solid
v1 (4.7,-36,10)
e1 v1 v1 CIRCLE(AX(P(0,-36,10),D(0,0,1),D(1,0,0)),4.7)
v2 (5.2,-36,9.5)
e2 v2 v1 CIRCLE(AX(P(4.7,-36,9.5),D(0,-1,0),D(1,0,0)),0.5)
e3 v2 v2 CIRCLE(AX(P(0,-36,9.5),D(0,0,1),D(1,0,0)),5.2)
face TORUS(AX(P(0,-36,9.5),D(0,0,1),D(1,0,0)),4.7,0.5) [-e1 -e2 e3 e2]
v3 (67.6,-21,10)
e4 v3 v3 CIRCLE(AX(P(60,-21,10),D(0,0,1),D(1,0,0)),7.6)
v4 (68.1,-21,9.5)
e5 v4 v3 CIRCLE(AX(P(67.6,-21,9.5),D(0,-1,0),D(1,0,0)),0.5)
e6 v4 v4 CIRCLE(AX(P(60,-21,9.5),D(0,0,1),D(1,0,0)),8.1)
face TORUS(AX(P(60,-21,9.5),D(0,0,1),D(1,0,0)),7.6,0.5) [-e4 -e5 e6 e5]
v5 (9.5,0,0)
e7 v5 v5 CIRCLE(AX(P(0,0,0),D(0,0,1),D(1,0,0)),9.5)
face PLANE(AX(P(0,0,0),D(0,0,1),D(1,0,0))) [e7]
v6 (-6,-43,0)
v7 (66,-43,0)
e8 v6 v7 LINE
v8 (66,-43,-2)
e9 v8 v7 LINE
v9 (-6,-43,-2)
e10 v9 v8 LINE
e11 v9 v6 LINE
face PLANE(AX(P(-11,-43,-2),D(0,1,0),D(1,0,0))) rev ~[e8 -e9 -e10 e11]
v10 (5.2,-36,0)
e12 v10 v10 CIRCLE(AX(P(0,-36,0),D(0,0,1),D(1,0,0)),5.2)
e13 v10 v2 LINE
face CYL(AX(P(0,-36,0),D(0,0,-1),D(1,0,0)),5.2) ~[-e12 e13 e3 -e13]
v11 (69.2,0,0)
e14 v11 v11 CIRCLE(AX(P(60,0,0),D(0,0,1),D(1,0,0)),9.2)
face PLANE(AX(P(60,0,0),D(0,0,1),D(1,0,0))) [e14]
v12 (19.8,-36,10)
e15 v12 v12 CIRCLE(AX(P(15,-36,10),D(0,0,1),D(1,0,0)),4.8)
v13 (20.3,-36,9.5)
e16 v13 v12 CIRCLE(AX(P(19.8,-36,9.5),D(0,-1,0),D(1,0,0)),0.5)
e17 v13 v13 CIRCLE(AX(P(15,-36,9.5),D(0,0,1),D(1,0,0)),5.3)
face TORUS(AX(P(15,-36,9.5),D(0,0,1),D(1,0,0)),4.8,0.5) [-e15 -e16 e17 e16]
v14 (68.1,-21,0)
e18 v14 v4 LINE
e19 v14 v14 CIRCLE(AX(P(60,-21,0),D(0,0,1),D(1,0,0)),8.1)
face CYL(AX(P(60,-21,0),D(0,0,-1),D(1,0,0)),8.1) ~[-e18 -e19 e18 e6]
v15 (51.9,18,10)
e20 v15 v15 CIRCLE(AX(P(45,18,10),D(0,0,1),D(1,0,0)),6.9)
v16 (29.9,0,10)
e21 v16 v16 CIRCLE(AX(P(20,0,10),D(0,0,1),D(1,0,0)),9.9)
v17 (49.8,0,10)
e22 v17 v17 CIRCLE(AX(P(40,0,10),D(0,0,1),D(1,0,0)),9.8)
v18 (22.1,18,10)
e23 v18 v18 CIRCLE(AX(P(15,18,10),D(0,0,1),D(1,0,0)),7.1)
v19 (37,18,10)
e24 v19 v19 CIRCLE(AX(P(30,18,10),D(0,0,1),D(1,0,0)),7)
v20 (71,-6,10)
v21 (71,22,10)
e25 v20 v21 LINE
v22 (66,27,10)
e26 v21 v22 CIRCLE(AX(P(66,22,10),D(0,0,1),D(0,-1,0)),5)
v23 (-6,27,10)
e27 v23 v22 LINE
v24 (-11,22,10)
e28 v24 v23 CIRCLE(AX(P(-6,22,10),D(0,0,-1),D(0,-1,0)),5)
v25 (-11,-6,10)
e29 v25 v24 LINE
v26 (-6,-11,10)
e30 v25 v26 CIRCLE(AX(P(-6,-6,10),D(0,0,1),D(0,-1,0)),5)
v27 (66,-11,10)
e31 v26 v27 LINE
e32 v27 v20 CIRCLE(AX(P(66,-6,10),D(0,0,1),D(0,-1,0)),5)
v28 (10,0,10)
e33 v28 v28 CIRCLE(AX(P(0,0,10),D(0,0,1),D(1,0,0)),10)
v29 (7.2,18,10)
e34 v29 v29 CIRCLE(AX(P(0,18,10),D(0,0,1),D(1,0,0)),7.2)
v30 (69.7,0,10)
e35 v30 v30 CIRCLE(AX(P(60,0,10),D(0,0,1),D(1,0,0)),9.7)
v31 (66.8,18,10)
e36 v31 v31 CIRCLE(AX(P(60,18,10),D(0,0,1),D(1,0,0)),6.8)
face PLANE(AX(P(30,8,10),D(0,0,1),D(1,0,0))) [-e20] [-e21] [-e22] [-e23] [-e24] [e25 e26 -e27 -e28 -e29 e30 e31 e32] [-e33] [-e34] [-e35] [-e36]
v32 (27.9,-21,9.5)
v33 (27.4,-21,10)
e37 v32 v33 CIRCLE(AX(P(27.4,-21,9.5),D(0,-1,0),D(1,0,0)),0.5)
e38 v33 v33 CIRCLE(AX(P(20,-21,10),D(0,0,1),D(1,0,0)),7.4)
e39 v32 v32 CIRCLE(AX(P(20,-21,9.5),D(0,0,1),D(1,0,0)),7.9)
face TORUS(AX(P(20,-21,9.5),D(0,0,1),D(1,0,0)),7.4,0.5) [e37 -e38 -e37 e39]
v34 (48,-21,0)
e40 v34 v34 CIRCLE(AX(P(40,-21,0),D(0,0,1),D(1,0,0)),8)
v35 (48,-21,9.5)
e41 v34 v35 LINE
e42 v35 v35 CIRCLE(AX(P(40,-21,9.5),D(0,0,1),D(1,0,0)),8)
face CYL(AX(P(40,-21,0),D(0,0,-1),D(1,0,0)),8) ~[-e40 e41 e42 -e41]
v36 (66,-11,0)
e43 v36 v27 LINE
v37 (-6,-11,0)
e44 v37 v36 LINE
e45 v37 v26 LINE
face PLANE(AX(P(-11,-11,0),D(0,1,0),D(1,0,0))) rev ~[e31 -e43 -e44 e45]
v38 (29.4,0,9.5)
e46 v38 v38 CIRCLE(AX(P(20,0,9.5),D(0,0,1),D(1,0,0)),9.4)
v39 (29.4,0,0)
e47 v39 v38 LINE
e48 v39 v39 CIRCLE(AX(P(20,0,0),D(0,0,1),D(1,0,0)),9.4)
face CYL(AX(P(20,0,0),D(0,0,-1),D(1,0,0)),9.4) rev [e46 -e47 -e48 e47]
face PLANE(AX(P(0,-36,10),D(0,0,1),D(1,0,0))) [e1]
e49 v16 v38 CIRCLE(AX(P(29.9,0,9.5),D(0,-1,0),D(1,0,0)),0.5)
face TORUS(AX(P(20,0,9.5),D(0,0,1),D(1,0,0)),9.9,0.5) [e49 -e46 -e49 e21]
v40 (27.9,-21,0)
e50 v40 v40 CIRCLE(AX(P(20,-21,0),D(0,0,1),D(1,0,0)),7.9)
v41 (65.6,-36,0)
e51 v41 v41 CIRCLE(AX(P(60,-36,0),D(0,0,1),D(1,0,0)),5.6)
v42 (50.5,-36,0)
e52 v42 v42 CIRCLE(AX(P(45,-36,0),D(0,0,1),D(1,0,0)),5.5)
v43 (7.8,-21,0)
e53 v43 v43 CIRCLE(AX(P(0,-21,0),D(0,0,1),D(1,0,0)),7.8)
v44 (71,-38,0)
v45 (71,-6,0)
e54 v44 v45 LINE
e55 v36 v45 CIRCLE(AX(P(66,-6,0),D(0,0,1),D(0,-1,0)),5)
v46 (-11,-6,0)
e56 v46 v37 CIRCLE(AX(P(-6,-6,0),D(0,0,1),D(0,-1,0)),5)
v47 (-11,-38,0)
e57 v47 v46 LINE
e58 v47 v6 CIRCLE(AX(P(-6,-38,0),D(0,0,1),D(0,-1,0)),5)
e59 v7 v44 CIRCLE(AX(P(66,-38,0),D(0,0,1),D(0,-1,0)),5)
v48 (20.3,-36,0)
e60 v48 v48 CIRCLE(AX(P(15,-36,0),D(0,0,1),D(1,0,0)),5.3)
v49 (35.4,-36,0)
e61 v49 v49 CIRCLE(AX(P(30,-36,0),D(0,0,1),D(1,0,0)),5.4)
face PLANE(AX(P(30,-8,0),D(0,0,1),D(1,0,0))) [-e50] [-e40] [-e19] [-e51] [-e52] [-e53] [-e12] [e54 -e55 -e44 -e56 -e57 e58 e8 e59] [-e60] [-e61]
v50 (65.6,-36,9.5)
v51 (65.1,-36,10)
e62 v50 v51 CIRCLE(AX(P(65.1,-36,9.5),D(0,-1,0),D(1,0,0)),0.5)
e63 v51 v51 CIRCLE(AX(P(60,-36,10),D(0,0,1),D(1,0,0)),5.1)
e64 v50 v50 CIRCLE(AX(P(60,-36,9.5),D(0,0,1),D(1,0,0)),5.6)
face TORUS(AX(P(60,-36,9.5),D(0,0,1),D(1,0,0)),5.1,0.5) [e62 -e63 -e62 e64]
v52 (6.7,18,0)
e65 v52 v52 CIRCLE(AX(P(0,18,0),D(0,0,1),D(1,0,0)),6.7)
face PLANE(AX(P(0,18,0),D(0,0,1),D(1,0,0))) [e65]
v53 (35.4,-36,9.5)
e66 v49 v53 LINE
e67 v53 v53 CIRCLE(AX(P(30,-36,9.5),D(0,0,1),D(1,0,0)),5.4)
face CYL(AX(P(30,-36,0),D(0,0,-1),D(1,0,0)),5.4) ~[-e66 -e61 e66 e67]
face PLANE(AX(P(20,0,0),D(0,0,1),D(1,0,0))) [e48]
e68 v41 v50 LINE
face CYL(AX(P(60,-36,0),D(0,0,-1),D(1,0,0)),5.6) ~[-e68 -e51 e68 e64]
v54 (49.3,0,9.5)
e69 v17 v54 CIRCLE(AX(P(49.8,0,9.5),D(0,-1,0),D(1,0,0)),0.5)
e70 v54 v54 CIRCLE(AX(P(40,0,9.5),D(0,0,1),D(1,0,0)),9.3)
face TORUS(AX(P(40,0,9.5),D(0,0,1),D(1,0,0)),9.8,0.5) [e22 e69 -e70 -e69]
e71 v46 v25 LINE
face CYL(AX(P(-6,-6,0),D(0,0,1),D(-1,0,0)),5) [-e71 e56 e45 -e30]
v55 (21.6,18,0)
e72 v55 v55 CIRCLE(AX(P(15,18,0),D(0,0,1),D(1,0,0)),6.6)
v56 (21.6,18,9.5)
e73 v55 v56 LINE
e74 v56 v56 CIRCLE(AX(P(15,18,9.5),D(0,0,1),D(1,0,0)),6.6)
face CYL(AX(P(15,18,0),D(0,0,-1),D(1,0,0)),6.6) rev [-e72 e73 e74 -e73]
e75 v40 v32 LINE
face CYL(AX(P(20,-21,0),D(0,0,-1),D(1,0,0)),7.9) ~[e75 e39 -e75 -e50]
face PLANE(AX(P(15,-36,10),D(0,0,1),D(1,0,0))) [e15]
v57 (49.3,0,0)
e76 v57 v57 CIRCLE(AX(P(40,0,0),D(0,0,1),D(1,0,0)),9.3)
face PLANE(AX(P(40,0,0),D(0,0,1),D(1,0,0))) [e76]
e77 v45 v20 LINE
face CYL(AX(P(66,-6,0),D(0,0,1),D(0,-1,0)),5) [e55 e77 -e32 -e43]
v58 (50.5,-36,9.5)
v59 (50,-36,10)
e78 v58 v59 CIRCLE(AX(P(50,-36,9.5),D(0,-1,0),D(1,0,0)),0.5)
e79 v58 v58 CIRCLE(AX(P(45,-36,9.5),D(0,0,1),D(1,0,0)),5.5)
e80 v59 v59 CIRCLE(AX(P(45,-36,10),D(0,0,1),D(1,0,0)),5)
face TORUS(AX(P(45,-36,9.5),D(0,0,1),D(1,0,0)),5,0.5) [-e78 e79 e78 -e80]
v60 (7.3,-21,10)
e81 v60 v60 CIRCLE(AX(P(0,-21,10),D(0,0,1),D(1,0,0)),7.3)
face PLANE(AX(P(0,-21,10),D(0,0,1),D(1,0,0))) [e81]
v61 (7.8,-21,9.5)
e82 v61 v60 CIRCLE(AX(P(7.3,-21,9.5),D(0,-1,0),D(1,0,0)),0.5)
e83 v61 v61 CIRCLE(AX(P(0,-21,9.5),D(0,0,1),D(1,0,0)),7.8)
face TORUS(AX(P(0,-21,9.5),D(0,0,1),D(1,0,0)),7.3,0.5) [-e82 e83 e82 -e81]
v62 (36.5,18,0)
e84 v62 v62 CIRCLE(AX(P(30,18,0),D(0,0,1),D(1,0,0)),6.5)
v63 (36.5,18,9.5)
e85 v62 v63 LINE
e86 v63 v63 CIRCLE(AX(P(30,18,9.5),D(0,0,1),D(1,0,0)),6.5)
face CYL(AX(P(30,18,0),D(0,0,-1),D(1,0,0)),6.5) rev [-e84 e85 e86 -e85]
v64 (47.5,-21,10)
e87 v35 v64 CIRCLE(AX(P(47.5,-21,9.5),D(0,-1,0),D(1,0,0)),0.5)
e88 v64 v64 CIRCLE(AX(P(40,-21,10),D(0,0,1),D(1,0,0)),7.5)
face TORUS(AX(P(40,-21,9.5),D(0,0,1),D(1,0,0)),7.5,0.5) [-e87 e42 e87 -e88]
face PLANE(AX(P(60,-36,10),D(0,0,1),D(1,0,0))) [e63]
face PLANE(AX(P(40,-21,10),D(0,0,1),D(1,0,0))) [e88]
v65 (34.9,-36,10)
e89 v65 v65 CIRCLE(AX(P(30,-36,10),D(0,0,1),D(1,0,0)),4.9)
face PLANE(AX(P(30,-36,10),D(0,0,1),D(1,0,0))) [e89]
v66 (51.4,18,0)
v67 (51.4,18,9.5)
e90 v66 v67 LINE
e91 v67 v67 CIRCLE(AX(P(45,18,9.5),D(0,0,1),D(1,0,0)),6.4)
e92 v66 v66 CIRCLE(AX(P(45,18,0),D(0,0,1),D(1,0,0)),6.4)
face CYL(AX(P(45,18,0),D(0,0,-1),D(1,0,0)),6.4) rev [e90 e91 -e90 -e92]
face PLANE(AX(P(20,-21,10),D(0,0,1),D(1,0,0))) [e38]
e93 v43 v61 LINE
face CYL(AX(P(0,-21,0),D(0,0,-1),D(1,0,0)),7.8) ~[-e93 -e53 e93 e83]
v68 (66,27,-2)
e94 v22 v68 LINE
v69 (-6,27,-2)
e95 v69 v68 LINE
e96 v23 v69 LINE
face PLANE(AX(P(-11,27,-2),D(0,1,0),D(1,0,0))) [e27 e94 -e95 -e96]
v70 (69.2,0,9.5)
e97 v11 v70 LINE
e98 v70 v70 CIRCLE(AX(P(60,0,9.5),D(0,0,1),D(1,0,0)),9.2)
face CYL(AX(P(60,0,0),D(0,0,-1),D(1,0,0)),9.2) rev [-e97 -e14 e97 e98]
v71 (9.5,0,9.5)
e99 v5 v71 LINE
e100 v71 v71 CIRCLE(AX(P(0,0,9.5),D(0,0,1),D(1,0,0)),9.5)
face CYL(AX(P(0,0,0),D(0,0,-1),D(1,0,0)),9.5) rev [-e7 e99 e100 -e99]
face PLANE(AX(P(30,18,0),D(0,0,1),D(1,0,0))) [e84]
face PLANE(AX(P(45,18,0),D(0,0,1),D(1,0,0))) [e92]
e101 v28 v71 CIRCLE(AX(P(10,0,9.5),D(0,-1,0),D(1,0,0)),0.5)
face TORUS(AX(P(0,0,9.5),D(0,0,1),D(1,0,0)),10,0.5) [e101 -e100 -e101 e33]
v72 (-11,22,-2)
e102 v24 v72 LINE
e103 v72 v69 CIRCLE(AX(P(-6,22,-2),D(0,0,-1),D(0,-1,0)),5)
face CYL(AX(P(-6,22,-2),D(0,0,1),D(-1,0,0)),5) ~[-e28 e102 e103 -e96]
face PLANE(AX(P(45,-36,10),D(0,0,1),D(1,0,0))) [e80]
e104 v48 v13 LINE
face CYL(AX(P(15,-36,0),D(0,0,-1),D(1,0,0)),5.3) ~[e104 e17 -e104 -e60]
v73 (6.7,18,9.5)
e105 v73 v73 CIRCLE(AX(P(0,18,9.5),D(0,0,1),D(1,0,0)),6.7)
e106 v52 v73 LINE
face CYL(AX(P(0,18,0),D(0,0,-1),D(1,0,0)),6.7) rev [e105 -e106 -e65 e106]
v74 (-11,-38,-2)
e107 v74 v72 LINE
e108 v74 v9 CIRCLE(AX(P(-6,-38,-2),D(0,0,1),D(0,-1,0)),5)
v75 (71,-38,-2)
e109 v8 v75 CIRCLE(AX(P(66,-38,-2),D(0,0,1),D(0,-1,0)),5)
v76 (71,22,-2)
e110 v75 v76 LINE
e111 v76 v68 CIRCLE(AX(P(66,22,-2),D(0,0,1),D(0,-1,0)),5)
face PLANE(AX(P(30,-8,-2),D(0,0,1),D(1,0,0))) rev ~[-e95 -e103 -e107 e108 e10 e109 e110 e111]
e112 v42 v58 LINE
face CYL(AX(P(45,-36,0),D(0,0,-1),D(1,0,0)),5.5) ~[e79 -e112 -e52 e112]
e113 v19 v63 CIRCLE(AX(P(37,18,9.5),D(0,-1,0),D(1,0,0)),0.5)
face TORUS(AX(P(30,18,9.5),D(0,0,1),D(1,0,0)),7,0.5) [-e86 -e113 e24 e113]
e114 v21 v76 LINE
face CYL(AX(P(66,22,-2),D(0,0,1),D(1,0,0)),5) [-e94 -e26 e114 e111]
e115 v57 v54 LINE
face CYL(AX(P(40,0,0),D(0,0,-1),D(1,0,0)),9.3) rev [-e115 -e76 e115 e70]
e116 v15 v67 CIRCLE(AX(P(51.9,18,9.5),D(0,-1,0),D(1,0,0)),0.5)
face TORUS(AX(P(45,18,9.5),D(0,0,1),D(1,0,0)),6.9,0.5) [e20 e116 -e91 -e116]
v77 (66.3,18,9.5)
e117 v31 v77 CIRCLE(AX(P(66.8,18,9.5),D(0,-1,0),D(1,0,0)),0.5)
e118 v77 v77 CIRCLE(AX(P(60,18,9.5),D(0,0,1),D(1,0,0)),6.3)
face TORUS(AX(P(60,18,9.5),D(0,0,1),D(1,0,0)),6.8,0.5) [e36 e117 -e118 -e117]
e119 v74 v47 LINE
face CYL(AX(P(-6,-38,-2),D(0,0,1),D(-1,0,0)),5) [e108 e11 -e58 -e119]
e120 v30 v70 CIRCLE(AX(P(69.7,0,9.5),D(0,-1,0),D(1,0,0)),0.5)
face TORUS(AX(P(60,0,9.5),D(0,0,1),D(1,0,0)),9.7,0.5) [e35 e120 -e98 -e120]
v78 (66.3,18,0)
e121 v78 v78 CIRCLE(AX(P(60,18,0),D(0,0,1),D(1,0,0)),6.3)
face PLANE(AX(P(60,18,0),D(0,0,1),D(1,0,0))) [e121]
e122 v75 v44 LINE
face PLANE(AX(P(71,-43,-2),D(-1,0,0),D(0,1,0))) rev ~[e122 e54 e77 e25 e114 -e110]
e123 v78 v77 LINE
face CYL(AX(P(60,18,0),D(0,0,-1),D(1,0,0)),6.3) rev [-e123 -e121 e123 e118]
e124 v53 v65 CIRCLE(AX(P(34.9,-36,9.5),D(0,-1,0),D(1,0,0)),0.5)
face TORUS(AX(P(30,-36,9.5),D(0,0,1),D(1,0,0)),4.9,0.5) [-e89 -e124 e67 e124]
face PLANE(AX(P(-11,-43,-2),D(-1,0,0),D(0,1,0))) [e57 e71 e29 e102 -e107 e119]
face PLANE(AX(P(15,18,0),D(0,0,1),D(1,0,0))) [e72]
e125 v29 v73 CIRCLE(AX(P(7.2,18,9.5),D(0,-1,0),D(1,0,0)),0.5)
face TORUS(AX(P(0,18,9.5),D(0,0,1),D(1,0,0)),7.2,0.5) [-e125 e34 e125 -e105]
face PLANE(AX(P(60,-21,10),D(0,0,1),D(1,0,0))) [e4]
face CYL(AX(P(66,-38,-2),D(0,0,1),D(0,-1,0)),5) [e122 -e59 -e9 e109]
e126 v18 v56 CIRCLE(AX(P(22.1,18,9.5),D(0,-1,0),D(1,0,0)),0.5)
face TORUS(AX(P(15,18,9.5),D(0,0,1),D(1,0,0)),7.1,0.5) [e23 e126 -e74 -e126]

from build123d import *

# Parameters (mm, degrees)
CYLINDER005_R     = 6.6
CYLINDER005_DEPTH = 10
CYLINDER006_R     = 6.5
CYLINDER006_DEPTH = 10
CYLINDER007_R     = 6.4
CYLINDER007_DEPTH = 10
CYLINDER008_R     = 6.3
CYLINDER008_DEPTH = 10
CYLINDER004_R     = 6.7
CYLINDER004_DEPTH = 10
CYLINDER001_R     = 9.4
CYLINDER001_DEPTH = 10
CYLINDER002_R     = 9.3
CYLINDER002_DEPTH = 10
CYLINDER003_R     = 9.2
CYLINDER003_DEPTH = 10
CYLINDER_R        = 9.5
CYLINDER_DEPTH    = 10
BOX_W             = 82
BOX_H             = 70
BOX_DEPTH         = 2
FILLET001_R       = 5
BOX001_W          = 82
BOX001_H          = 38
BOX001_DEPTH      = 10
FILLET_R          = 5
CYLINDER015_R     = 5.3
CYLINDER015_DEPTH = 10
CYLINDER016_R     = 5.4
CYLINDER016_DEPTH = 10
CYLINDER017_R     = 5.5
CYLINDER017_DEPTH = 10
CYLINDER018_R     = 5.6
CYLINDER018_DEPTH = 10
CYLINDER014_R     = 5.2
CYLINDER014_DEPTH = 10
CYLINDER011_R     = 7.9
CYLINDER011_DEPTH = 10
CYLINDER012_R     = 8
CYLINDER012_DEPTH = 10
CYLINDER013_R     = 8.1
CYLINDER013_DEPTH = 10
CYLINDER010_R     = 7.8
CYLINDER010_DEPTH = 10
FILLET002_R       = 0.5


with BuildPart() as outer005:
    # Cylinder005 → Cylinder005 (new body)
    with BuildSketch(Plane(origin=(15, 18, 0), x_dir=(1, 0, 0), z_dir=(0, 0, 1))):
        Circle(CYLINDER005_R)
    extrude(amount=CYLINDER005_DEPTH)


with BuildPart() as outer006:
    # Cylinder006 → Cylinder006 (new body)
    with BuildSketch(Plane(origin=(30, 18, 0), x_dir=(1, 0, 0), z_dir=(0, 0, 1))):
        Circle(CYLINDER006_R)
    extrude(amount=CYLINDER006_DEPTH)


with BuildPart() as outer007:
    # Cylinder007 → Cylinder007 (new body)
    with BuildSketch(Plane(origin=(45, 18, 0), x_dir=(1, 0, 0), z_dir=(0, 0, 1))):
        Circle(CYLINDER007_R)
    extrude(amount=CYLINDER007_DEPTH)


with BuildPart() as outer008:
    # Cylinder008 → Cylinder008 (new body)
    with BuildSketch(Plane(origin=(60, 18, 0), x_dir=(1, 0, 0), z_dir=(0, 0, 1))):
        Circle(CYLINDER008_R)
    extrude(amount=CYLINDER008_DEPTH)


with BuildPart() as outerrow2:
    # Cylinder004 → Cylinder004 (new body)
    with BuildSketch(Plane(origin=(0, 18, 0), x_dir=(1, 0, 0), z_dir=(0, 0, 1))):
        Circle(CYLINDER004_R)
    extrude(amount=CYLINDER004_DEPTH)

    # Fusion001: union outer005, outer006, outer007, outer008
    add(outer005.part)
    add(outer006.part)
    add(outer007.part)
    add(outer008.part)


with BuildPart() as outer001:
    # Cylinder001 → Cylinder001 (new body)
    with BuildSketch(Plane(origin=(20, 0, 0), x_dir=(1, 0, 0), z_dir=(0, 0, 1))):
        Circle(CYLINDER001_R)
    extrude(amount=CYLINDER001_DEPTH)


with BuildPart() as outer002:
    # Cylinder002 → Cylinder002 (new body)
    with BuildSketch(Plane(origin=(40, 0, 0), x_dir=(1, 0, 0), z_dir=(0, 0, 1))):
        Circle(CYLINDER002_R)
    extrude(amount=CYLINDER002_DEPTH)


with BuildPart() as outer003:
    # Cylinder003 → Cylinder003 (new body)
    with BuildSketch(Plane(origin=(60, 0, 0), x_dir=(1, 0, 0), z_dir=(0, 0, 1))):
        Circle(CYLINDER003_R)
    extrude(amount=CYLINDER003_DEPTH)


with BuildPart() as outers:
    # Cylinder → Cylinder (new body)
    with BuildSketch(Plane.XY):
        Circle(CYLINDER_R)
    extrude(amount=CYLINDER_DEPTH)

    # Fusion: union outer001, outer002, outer003
    add(outer001.part)
    add(outer002.part)
    add(outer003.part)

    # Fusion002: union outerrow2
    add(outerrow2.part)


with BuildPart() as fillet001:
    # Box → Box (new body)
    with BuildSketch(Plane(origin=(-11, -43, -2), x_dir=(1, 0, 0), z_dir=(0, 0, 1))):
        with Locations((41, 35)):
            Rectangle(BOX_W, BOX_H)
    extrude(amount=BOX_DEPTH)

    # Fillet001
    fillet001_edges = [fillet001.edges().sort_by_distance(p)[0] for p in [
        (-11, -43, -1),
        (-11, 27, -1),
        (71, -43, -1),
        (71, 27, -1),
    ]]
    fillet(fillet001_edges, radius=FILLET001_R)


with BuildPart() as cut:
    # Box001 → Box001 (new body)
    with BuildSketch(Plane(origin=(-11, -11, 0), x_dir=(1, 0, 0), z_dir=(0, 0, 1))):
        with Locations((41, 19)):
            Rectangle(BOX001_W, BOX001_H)
    extrude(amount=BOX001_DEPTH)

    # Fillet
    fillet_edges = [cut.edges().sort_by_distance(p)[0] for p in [
        (-11, -11, 5),
        (-11, 27, 5),
        (71, -11, 5),
        (71, 27, 5),
    ]]
    fillet(fillet_edges, radius=FILLET_R)

    # Fusion006: union Fillet001
    add(fillet001.part)

    # Cut: cut outers
    add(outers.part, mode=Mode.SUBTRACT)


with BuildPart() as inner005:
    # Cylinder015 → Cylinder015 (new body)
    with BuildSketch(Plane(origin=(15, -36, 0), x_dir=(1, 0, 0), z_dir=(0, 0, 1))):
        Circle(CYLINDER015_R)
    extrude(amount=CYLINDER015_DEPTH)


with BuildPart() as inner006:
    # Cylinder016 → Cylinder016 (new body)
    with BuildSketch(Plane(origin=(30, -36, 0), x_dir=(1, 0, 0), z_dir=(0, 0, 1))):
        Circle(CYLINDER016_R)
    extrude(amount=CYLINDER016_DEPTH)


with BuildPart() as inner007:
    # Cylinder017 → Cylinder017 (new body)
    with BuildSketch(Plane(origin=(45, -36, 0), x_dir=(1, 0, 0), z_dir=(0, 0, 1))):
        Circle(CYLINDER017_R)
    extrude(amount=CYLINDER017_DEPTH)


with BuildPart() as inner008:
    # Cylinder018 → Cylinder018 (new body)
    with BuildSketch(Plane(origin=(60, -36, 0), x_dir=(1, 0, 0), z_dir=(0, 0, 1))):
        Circle(CYLINDER018_R)
    extrude(amount=CYLINDER018_DEPTH)


with BuildPart() as innerrow2:
    # Cylinder014 → Cylinder014 (new body)
    with BuildSketch(Plane(origin=(0, -36, 0), x_dir=(1, 0, 0), z_dir=(0, 0, 1))):
        Circle(CYLINDER014_R)
    extrude(amount=CYLINDER014_DEPTH)

    # Fusion004: union inner005, inner006, inner007, inner008
    add(inner005.part)
    add(inner006.part)
    add(inner007.part)
    add(inner008.part)


with BuildPart() as inner001:
    # Cylinder011 → Cylinder011 (new body)
    with BuildSketch(Plane(origin=(20, -21, 0), x_dir=(1, 0, 0), z_dir=(0, 0, 1))):
        Circle(CYLINDER011_R)
    extrude(amount=CYLINDER011_DEPTH)


with BuildPart() as inner002:
    # Cylinder012 → Cylinder012 (new body)
    with BuildSketch(Plane(origin=(40, -21, 0), x_dir=(1, 0, 0), z_dir=(0, 0, 1))):
        Circle(CYLINDER012_R)
    extrude(amount=CYLINDER012_DEPTH)


with BuildPart() as inner003:
    # Cylinder013 → Cylinder013 (new body)
    with BuildSketch(Plane(origin=(60, -21, 0), x_dir=(1, 0, 0), z_dir=(0, 0, 1))):
        Circle(CYLINDER013_R)
    extrude(amount=CYLINDER013_DEPTH)


with BuildPart() as rounded_edges:
    # Cylinder010 → Cylinder010 (new body)
    with BuildSketch(Plane(origin=(0, -21, 0), x_dir=(1, 0, 0), z_dir=(0, 0, 1))):
        Circle(CYLINDER010_R)
    extrude(amount=CYLINDER010_DEPTH)

    # Fusion003: union inner001, inner002, inner003
    add(inner001.part)
    add(inner002.part)
    add(inner003.part)

    # Fusion005: union innerrow2
    add(innerrow2.part)

    # Fusion007: union Cut
    add(cut.part)

    # Fillet002
    fillet002_edges = [rounded_edges.edges().sort_by_distance(p)[0] for p in [
        (-9.5, 0, 10),
        (10.6, 0, 10),
        (30.7, 0, 10),
        (50.8, 0, 10),
        (-6.7, 18, 10),
        (8.4, 18, 10),
        (23.5, 18, 10),
        (38.6, 18, 10),
        (53.7, 18, 10),
        (-5.2, -36, 10),
        (9.7, -36, 10),
        (24.6, -36, 10),
        (39.5, -36, 10),
        (54.4, -36, 10),
        (-7.8, -21, 10),
        (12.1, -21, 10),
        (32, -21, 10),
        (51.9, -21, 10),
    ]]
    fillet(fillet002_edges, radius=FILLET002_R)


solid = rounded_edges.part
